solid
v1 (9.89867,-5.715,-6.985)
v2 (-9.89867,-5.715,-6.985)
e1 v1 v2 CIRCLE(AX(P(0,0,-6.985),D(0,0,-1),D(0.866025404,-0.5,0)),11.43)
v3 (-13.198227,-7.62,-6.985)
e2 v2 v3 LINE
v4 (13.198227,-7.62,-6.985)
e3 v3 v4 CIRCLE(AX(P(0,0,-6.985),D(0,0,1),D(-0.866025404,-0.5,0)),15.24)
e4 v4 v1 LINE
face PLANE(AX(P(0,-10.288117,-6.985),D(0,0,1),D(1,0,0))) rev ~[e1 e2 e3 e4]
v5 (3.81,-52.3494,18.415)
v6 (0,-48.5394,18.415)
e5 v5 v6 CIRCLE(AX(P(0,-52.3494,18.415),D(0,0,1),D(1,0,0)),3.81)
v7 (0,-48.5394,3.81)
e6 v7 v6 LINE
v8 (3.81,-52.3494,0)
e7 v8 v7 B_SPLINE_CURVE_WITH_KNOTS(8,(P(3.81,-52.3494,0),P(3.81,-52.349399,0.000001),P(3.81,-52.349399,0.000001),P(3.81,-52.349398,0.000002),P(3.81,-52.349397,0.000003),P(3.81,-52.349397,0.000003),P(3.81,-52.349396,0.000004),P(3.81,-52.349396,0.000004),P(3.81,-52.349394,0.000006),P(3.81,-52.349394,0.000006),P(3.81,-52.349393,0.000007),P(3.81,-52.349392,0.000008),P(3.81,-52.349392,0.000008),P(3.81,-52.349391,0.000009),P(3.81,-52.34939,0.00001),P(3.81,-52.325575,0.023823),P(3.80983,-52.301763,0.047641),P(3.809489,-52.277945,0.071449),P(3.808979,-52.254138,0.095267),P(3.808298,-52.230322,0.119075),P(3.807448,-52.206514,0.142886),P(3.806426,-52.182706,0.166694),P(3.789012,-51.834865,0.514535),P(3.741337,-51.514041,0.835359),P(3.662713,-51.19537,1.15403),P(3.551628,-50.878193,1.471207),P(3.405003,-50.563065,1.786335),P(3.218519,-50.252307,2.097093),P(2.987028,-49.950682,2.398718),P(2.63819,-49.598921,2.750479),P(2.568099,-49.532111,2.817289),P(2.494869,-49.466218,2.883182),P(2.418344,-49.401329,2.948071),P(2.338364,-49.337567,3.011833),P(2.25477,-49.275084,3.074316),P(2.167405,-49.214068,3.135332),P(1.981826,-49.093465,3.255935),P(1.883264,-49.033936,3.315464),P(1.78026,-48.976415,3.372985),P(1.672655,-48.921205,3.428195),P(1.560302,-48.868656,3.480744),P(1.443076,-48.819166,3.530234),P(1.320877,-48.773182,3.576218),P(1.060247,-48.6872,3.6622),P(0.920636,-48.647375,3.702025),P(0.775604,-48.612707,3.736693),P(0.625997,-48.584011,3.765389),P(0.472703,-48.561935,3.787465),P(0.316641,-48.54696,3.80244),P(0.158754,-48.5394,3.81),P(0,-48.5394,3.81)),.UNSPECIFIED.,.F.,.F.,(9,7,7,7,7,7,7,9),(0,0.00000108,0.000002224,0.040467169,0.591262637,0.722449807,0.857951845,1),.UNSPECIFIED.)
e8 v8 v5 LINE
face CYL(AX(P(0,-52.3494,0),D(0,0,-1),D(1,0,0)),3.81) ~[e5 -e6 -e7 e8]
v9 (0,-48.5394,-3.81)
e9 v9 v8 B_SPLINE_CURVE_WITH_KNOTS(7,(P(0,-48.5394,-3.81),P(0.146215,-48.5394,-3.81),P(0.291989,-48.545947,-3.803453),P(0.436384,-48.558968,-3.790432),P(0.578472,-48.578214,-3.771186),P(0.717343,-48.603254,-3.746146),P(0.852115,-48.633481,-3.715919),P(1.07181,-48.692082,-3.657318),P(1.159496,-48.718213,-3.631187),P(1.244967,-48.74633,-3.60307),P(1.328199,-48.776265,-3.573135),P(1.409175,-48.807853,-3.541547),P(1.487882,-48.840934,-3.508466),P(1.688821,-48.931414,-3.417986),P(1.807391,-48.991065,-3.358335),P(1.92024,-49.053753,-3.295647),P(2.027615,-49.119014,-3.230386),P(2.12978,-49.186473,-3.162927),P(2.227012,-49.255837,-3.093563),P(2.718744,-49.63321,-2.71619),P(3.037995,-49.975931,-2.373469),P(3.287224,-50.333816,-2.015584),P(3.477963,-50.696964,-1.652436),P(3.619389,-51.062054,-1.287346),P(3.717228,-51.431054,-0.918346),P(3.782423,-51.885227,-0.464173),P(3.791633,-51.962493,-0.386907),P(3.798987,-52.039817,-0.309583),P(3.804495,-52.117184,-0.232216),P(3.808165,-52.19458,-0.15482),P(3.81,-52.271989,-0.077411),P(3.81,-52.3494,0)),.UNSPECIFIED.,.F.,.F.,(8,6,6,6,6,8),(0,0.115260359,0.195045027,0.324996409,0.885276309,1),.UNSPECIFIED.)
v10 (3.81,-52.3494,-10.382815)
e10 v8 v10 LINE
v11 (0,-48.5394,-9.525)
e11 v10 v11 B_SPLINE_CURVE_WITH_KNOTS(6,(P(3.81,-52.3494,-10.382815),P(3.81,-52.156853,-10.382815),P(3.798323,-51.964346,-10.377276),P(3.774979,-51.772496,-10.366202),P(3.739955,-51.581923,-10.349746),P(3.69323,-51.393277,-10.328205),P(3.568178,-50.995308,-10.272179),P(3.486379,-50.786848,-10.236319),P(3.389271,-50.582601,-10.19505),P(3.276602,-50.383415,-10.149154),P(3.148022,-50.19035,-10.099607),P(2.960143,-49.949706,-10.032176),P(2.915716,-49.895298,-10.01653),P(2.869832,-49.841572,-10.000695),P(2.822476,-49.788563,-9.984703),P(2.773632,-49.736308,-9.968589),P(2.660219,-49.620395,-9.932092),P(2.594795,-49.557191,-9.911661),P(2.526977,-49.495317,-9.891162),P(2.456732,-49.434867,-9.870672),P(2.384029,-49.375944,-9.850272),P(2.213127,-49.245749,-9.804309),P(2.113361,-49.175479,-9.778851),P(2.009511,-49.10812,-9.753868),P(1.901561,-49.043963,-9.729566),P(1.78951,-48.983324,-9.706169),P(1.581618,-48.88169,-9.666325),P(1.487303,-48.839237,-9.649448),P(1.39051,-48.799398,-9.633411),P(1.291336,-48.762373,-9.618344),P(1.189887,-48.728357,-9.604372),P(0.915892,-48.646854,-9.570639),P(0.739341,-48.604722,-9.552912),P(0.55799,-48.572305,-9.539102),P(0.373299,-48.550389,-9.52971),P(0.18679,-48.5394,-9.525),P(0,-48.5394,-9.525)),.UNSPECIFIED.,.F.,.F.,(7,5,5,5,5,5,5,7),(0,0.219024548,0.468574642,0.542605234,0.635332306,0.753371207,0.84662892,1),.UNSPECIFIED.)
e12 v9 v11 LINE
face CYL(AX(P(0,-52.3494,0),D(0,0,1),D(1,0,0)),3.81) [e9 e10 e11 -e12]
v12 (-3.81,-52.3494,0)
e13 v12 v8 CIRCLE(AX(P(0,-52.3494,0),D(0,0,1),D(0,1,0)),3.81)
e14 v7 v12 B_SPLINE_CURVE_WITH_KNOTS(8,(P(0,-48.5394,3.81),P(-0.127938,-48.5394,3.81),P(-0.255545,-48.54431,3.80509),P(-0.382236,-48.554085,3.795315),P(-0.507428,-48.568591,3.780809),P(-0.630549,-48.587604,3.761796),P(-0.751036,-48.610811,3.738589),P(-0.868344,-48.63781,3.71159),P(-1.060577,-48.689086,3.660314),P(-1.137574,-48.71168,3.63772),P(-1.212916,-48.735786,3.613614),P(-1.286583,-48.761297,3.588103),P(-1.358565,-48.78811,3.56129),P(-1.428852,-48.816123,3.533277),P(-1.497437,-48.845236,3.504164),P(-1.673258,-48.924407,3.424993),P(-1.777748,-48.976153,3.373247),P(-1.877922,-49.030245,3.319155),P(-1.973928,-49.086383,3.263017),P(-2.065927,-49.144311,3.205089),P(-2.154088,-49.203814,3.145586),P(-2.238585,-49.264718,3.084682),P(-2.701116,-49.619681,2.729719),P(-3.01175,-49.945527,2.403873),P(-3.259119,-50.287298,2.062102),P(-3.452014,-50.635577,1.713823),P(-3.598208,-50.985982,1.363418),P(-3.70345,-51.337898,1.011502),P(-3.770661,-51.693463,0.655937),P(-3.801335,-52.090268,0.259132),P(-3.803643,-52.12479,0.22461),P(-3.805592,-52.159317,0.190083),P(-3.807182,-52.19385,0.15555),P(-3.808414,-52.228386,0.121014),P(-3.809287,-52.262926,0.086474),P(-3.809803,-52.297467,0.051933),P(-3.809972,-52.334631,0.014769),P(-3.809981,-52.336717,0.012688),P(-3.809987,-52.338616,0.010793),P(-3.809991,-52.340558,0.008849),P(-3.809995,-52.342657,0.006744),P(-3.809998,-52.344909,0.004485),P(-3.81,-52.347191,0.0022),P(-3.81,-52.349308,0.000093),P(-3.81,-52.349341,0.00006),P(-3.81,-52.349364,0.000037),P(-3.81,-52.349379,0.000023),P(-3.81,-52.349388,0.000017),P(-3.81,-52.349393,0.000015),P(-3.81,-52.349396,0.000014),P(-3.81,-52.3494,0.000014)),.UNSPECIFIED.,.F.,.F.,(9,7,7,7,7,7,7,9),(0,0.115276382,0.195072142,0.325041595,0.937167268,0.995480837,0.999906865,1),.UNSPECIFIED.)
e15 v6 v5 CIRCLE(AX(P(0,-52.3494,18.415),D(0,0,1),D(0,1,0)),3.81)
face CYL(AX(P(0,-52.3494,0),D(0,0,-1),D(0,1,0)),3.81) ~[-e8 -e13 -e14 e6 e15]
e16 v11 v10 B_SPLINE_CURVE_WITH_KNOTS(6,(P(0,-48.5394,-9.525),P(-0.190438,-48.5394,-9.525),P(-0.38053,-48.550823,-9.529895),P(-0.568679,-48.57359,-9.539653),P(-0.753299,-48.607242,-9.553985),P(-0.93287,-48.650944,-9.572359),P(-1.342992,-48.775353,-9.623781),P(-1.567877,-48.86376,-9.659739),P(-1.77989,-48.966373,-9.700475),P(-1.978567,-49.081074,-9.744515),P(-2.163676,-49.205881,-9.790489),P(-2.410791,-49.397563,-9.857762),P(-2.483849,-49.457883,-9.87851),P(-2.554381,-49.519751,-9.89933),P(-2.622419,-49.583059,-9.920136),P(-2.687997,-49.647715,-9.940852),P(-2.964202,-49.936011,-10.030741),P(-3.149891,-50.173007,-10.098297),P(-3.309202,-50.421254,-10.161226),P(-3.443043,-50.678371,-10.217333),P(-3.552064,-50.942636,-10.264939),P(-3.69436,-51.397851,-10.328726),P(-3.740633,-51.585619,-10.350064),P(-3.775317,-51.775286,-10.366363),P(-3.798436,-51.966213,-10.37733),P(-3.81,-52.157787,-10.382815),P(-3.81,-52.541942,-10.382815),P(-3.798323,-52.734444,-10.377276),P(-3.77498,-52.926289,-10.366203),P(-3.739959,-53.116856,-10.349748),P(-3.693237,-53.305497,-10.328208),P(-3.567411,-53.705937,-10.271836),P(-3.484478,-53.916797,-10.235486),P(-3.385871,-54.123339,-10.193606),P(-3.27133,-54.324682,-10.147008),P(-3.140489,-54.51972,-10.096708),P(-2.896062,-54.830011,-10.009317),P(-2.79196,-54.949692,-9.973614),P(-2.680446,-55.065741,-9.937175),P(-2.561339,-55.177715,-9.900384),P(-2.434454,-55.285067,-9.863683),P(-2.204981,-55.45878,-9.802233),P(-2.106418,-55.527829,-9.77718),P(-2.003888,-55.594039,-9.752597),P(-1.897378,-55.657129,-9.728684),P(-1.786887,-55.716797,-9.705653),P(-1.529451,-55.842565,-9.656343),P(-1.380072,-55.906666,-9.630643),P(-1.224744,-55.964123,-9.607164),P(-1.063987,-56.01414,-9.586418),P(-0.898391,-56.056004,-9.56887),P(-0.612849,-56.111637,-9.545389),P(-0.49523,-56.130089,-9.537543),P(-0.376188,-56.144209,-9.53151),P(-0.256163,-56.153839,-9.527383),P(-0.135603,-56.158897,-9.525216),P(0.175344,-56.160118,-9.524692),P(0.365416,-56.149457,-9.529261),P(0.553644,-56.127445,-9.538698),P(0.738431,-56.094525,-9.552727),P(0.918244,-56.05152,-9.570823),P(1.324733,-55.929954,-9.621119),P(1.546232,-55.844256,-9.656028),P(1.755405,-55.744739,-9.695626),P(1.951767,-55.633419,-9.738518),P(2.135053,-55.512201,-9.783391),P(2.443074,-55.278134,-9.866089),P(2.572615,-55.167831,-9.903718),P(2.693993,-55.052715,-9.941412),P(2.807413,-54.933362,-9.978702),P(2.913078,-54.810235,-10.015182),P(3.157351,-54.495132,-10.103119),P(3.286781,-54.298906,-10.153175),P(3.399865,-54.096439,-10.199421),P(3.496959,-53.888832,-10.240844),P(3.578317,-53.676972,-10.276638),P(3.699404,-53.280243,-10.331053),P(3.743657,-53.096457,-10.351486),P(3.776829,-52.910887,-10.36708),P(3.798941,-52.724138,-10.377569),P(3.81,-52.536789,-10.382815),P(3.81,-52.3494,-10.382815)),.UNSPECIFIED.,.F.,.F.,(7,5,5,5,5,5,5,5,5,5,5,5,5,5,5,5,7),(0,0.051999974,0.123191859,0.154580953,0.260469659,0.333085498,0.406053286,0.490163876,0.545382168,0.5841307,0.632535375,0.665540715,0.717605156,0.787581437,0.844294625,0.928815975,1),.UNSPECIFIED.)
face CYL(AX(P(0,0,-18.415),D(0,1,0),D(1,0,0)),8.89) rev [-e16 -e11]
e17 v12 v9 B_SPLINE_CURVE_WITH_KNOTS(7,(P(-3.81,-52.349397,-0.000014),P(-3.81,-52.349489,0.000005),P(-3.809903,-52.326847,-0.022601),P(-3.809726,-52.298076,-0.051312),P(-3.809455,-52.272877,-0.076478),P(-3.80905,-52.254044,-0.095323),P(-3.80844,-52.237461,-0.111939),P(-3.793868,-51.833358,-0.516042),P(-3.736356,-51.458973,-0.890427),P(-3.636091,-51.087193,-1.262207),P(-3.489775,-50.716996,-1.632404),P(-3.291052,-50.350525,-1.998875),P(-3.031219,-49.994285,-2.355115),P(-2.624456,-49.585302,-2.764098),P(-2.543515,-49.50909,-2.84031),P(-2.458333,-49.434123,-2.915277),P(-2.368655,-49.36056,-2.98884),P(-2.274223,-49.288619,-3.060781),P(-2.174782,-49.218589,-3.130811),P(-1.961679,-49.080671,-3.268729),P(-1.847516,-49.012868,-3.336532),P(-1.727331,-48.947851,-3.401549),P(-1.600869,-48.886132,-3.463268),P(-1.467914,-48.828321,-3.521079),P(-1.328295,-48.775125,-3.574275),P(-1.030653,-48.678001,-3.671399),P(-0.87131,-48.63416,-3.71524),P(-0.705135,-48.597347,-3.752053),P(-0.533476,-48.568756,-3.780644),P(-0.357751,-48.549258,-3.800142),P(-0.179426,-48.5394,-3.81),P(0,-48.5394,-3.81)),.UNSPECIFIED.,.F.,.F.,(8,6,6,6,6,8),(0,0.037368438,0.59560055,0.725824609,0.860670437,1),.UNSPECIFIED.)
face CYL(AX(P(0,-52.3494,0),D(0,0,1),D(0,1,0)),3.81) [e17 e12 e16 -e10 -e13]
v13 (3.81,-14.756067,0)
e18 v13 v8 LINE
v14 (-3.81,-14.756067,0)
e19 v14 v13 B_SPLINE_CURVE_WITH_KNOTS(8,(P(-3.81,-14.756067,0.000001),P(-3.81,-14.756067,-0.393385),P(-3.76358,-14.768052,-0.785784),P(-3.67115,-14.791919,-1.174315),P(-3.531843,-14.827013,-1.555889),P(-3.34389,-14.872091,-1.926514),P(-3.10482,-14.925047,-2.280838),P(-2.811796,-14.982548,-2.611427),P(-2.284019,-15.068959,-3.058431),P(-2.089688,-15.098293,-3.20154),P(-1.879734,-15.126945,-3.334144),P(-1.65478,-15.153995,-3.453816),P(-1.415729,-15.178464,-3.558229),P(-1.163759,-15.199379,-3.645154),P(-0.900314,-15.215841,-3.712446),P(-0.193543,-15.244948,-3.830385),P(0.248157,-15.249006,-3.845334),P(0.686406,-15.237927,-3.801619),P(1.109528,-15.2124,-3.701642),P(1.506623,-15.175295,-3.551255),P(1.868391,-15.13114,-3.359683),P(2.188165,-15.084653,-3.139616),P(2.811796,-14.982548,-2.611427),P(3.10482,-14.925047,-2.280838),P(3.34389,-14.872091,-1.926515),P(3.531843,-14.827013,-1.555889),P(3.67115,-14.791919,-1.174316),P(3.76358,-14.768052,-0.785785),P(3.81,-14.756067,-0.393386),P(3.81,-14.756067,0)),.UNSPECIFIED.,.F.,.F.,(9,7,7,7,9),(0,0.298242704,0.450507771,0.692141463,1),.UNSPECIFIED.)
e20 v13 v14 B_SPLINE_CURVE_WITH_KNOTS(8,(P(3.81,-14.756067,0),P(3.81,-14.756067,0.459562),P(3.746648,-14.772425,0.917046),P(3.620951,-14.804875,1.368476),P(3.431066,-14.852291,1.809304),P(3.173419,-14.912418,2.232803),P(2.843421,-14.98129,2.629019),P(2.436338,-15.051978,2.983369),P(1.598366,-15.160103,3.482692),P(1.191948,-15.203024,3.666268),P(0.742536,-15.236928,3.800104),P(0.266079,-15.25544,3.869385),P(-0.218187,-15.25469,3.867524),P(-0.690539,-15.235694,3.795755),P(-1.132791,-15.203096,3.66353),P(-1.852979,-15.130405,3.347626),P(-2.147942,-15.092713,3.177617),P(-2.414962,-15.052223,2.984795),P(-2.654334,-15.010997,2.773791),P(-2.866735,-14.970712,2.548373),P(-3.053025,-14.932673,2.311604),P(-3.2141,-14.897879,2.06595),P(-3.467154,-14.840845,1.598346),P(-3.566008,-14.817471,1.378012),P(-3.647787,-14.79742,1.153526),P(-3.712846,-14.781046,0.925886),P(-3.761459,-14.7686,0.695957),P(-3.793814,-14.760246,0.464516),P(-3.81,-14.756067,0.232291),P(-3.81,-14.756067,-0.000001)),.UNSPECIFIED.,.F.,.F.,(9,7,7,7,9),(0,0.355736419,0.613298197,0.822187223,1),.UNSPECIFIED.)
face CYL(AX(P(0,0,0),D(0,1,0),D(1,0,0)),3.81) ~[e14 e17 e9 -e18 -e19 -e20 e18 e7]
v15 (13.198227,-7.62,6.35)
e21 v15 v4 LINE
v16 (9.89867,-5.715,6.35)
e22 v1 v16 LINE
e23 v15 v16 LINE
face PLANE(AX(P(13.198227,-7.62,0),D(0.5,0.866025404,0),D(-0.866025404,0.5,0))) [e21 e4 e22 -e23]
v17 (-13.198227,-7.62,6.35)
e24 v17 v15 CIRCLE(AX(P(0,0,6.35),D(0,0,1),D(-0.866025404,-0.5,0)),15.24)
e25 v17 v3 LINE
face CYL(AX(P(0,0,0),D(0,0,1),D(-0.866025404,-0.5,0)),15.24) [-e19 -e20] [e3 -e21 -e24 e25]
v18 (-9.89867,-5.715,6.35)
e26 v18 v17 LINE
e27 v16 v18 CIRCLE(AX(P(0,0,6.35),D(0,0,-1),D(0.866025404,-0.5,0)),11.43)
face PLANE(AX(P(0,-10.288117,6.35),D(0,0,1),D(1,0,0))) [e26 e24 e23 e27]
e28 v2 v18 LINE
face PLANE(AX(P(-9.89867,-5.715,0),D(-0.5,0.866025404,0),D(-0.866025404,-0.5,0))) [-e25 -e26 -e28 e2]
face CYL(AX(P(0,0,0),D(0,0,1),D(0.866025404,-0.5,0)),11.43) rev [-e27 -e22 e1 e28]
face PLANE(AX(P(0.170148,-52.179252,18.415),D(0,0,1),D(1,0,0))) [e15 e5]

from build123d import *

# Parameters (mm, degrees)
F0_R          = 3.81
F1_DEPTH      = 52.3494
F3_DEPTH      = 25.4
F3_DEPTH_BACK = 25.4
F4_DEPTH      = 6.35
F4_DEPTH_BACK = 6.985
F6_DEPTH      = 18.415
F6_DEPTH_BACK = 18.415
F7_R          = 8.89
F8_DEPTH      = 66.62603


with BuildPart() as f1:
    # F0 (on Front) → F1 (new body)
    with BuildSketch(Plane.XZ):
        Circle(F0_R)
    extrude(amount=F1_DEPTH)

    # F2 (on Top) → F3 (cut, two sides)
    with BuildSketch(Plane.XY) as f3_sk:
        with BuildLine():
            Line((0, 0), (-11.43, 0))
            ThreePointArc((-11.43, 0), (-11.0405321945, -2.9583016855), (-9.8986703653, -5.715))
            Line((-9.8986703653, -5.715), (0, 0))
        make_face()
        with BuildLine():
            ThreePointArc((-9.8986703653, -5.715), (0, -11.43), (9.8986703653, -5.715))
            Line((9.8986703653, -5.715), (0, 0))
            Line((0, 0), (-9.8986703653, -5.715))
        make_face()
        with BuildLine():
            ThreePointArc((9.8986703653, -5.715), (11.0405321945, -2.9583016855), (11.43, 0))
            Line((11.43, 0), (0, 0))
            Line((0, 0), (9.8986703653, -5.715))
        make_face()
    extrude(amount=F3_DEPTH, mode=Mode.SUBTRACT)
    extrude(f3_sk.sketch, amount=-F3_DEPTH_BACK, mode=Mode.SUBTRACT)

    # F2 (on Top) → F4 (join, two sides)
    with BuildSketch(Plane.XY) as f4_sk:
        with BuildLine():
            Line((13.1982271537, -7.62), (9.8986703653, -5.715))
            ThreePointArc((9.8986703653, -5.715), (0, -11.43), (-9.8986703653, -5.715))
            Line((-9.8986703653, -5.715), (-13.1982271537, -7.62))
            ThreePointArc((-13.1982271537, -7.62), (0, -15.24), (13.1982271537, -7.62))
        make_face()
    extrude(amount=F4_DEPTH)
    extrude(f4_sk.sketch, amount=-F4_DEPTH_BACK)

    # F5 (on Top) → F6 (join, two sides)
    with BuildSketch(Plane.XY) as f6_sk:
        with BuildLine():
            ThreePointArc((0, -48.5394), (-2.6940768363, -55.0434768363), (3.81, -52.3494))
            ThreePointArc((3.81, -52.3494), (2.6940768363, -49.6553231637), (0, -48.5394))
        make_face()
    extrude(amount=F6_DEPTH)
    extrude(f6_sk.sketch, amount=-F6_DEPTH_BACK)

    # F7 (on Front) → F8 (cut)
    with BuildSketch(Plane.XZ):
        with Locations((0, -18.415)):
            Circle(F7_R)
    extrude(amount=F8_DEPTH, mode=Mode.SUBTRACT)


solid = f1.part
